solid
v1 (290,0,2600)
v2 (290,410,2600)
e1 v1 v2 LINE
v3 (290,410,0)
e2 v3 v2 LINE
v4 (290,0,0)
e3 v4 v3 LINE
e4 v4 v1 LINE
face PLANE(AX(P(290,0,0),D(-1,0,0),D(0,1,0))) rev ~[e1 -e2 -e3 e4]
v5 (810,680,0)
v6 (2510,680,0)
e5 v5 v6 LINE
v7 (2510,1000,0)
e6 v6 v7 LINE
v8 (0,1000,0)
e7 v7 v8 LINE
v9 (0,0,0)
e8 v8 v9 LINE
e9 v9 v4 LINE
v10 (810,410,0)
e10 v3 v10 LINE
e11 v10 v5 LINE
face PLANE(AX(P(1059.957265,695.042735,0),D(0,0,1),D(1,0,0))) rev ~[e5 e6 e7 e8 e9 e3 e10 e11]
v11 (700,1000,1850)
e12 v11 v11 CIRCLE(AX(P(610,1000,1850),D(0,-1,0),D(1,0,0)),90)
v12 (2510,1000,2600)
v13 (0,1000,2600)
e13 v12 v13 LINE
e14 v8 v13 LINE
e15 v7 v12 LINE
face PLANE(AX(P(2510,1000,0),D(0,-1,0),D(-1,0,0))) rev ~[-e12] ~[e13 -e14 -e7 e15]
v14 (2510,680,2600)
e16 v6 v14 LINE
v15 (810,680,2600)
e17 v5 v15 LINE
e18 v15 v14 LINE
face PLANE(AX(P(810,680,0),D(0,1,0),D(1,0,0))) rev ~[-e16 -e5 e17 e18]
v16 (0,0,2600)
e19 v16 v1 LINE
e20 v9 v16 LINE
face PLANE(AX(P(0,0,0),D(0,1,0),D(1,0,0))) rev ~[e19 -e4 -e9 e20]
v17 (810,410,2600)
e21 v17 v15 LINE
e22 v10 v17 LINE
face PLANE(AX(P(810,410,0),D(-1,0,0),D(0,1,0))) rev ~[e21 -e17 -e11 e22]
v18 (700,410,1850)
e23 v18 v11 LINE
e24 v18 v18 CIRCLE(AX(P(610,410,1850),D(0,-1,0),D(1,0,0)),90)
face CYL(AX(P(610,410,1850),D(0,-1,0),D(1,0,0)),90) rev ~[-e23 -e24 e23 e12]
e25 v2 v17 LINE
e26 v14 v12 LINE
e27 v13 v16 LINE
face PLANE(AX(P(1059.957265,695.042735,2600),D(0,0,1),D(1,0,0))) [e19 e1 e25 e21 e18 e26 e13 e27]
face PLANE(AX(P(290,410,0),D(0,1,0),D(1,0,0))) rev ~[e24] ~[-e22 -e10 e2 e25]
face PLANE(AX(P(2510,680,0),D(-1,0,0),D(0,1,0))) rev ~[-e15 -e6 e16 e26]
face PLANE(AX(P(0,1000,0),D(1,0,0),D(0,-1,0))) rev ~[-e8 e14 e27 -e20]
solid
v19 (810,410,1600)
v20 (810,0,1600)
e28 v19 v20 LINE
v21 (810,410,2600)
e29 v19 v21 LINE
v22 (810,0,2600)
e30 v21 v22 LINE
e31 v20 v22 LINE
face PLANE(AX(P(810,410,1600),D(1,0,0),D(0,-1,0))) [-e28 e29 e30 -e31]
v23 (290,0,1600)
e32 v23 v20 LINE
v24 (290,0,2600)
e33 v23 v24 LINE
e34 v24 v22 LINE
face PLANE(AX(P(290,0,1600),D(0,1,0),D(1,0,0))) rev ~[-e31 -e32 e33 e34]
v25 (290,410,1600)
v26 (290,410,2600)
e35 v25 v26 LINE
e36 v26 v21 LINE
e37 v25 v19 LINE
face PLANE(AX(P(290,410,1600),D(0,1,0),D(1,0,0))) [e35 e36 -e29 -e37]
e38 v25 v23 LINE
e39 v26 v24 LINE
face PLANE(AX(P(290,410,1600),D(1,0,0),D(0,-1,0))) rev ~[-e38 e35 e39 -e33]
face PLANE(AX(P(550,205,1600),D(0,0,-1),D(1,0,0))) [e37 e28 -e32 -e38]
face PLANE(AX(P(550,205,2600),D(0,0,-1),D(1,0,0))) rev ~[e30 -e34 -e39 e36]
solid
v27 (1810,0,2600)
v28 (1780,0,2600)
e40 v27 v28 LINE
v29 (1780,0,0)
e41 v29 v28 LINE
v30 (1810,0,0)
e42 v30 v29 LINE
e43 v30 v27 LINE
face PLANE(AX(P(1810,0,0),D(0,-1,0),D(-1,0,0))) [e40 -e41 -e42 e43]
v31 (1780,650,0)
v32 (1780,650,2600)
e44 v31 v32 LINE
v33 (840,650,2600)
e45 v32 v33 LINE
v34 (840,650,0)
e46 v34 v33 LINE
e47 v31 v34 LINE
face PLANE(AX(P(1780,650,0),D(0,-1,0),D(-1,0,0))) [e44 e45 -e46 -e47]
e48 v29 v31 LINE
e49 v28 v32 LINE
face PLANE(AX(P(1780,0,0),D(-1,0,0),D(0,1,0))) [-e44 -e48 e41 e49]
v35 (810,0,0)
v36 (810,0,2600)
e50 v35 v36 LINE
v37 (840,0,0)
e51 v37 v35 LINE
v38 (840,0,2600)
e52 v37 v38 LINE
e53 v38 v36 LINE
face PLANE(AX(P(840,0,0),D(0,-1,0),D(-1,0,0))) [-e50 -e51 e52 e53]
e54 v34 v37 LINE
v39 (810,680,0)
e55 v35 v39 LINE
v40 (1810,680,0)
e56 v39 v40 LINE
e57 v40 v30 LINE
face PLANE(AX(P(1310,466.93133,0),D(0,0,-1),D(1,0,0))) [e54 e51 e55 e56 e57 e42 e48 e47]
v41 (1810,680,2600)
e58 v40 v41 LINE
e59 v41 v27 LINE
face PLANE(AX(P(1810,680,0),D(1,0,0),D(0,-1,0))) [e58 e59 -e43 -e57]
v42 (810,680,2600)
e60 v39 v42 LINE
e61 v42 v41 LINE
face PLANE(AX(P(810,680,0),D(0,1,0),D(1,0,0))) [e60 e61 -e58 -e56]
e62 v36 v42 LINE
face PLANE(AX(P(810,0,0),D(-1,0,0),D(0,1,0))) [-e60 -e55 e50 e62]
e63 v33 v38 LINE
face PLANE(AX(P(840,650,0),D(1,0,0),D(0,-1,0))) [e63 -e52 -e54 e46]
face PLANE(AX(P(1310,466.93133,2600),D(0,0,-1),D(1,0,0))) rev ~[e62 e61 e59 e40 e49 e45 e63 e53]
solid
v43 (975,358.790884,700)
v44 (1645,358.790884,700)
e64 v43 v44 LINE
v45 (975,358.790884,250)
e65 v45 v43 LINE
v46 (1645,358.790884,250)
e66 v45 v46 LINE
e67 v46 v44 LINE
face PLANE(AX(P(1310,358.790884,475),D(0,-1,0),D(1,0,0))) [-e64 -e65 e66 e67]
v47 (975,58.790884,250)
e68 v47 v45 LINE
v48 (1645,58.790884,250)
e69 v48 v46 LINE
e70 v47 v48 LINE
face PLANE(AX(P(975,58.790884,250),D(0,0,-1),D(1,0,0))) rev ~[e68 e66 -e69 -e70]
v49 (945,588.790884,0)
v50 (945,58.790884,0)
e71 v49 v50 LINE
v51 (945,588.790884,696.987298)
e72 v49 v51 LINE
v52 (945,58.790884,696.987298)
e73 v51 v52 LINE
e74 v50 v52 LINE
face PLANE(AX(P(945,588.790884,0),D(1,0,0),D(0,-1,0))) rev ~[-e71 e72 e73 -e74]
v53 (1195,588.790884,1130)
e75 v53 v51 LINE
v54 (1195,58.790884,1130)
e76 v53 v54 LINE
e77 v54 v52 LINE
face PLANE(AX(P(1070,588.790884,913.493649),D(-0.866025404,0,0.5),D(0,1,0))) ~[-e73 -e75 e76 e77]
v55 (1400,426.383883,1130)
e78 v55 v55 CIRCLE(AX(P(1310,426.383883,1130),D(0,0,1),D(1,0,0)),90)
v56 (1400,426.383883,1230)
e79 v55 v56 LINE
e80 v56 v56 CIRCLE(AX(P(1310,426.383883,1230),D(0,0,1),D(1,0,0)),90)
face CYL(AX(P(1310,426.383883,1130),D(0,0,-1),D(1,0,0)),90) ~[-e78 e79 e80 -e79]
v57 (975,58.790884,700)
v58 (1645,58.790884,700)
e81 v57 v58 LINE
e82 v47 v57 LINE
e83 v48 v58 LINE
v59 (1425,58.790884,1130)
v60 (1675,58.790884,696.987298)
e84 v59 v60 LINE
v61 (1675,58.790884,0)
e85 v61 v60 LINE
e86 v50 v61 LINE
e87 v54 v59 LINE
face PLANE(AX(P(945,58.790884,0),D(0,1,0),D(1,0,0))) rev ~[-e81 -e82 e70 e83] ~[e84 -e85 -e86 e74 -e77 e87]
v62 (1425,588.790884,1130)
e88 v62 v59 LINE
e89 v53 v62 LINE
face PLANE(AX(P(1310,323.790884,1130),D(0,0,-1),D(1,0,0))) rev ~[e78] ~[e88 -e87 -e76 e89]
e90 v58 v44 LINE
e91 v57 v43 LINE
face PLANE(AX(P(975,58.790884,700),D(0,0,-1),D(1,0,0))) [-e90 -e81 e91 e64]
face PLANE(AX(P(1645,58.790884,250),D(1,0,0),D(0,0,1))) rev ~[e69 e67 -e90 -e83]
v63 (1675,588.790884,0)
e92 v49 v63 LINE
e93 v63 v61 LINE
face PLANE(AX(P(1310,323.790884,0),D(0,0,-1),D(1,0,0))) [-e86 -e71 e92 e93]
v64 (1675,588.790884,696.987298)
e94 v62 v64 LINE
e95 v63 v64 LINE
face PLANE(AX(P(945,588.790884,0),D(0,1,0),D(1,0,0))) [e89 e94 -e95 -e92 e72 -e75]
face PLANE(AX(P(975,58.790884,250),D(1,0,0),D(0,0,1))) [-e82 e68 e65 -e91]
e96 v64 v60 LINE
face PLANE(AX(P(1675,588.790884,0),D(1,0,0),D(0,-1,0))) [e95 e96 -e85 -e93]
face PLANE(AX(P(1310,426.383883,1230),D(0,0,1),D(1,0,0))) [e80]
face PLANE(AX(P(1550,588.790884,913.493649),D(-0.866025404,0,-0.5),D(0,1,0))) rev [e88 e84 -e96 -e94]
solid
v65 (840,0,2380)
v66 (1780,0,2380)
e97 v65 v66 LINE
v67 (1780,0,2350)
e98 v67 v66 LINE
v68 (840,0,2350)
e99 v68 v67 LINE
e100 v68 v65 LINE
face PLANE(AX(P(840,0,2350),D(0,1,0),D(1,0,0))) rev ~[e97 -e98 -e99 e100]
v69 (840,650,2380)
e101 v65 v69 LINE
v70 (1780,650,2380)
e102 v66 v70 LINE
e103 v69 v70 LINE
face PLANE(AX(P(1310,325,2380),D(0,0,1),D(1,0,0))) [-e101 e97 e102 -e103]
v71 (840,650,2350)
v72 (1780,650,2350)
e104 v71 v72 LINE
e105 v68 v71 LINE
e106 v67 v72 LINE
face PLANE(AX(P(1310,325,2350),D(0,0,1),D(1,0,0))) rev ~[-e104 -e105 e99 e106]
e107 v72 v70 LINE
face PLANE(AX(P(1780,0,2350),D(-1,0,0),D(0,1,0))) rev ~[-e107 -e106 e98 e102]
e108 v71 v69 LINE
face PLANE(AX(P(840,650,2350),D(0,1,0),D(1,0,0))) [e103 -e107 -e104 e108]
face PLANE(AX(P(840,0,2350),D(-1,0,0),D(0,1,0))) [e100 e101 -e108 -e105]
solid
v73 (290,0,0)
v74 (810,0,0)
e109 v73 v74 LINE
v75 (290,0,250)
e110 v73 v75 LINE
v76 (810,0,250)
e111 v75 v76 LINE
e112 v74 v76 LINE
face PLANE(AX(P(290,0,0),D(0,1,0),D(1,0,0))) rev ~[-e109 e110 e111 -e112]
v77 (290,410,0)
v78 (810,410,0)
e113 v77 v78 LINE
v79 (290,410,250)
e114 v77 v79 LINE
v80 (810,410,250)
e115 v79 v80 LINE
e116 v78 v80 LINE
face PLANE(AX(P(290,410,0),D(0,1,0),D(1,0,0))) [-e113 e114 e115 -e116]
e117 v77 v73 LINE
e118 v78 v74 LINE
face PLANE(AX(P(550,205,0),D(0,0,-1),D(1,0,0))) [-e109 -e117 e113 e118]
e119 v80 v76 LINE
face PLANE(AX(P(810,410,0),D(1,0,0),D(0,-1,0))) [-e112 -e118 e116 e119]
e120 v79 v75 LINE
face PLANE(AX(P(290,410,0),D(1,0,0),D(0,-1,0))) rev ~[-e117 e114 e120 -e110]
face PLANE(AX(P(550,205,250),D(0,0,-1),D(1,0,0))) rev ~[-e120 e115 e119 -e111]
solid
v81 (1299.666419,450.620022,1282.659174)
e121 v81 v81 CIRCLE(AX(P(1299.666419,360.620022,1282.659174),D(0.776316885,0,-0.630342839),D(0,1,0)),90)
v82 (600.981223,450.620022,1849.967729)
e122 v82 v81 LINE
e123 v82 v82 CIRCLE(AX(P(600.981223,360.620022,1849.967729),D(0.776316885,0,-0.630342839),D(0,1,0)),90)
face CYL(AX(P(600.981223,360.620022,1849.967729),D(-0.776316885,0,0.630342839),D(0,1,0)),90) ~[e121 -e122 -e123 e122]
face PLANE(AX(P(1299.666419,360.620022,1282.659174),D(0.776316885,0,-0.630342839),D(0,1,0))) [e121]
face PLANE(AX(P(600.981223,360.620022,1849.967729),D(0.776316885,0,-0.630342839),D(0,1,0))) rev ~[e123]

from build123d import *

# Parameters (mm, degrees)
F1_DEPTH  = 2600
F2_R      = 90
F3_DEPTH  = 590.001
F5_W      = 730
F5_H      = 530
F6_DEPTH  = 1130
F7_W      = 670
F7_H      = 450
F8_DEPTH  = 300
F9_SIZE2  = 433.0127018922
F9_SIZE   = 250
F10_R     = 90
F11_DEPTH = 100
F15_R     = 90
F16_DEPTH = 900
F17_W     = 520
F17_H     = 410
F18_DEPTH = 250
F19_START = -1600
F19_DEPTH = 1000
F20_DEPTH = 2600
F22_W     = 940
F22_H     = 650
F23_DEPTH = 30


with BuildPart() as f1:
    # F0 (on Top) → F1 (new body)
    with BuildSketch(Plane.XY):
        Polygon((0, 1000), (0, 0), (290, 0), (290, 410), (810, 410), (810, 680), (2510, 680), (2510, 1000), align=None)
    extrude(amount=F1_DEPTH)

    # F2 (on face) → F3 (cut, through all)
    with BuildSketch(Plane.XZ.offset(-410)):
        with Locations((610, 1850)):
            Circle(F2_R)
    extrude(amount=-F3_DEPTH, mode=Mode.SUBTRACT)


with BuildPart() as f6:
    # F5 (on face) → F6 (new body)
    with BuildSketch(Plane(origin=(0, 0, 0), x_dir=(1, 0, 0), z_dir=(0, 0, -1))):
        with Locations((1310, -323.7908844676)):
            Rectangle(F5_W, F5_H)
    extrude(amount=-F6_DEPTH)

    # F7 (on face) → F8 (cut)
    with BuildSketch(Plane.XZ.offset(-58.7908844676)):
        with Locations((1310, 475)):
            Rectangle(F7_W, F7_H)
    extrude(amount=-F8_DEPTH, mode=Mode.SUBTRACT)

    # F9
    f9_edges = [f6.edges().sort_by_distance(p)[0] for p in [
        (945, 323.790884, 1130),
        (1675, 323.790884, 1130),
    ]]
    f9_side = f6.faces().sort_by_distance((1310, 323.790884, 1130))[0]
    chamfer(f9_edges, length=F9_SIZE, length2=F9_SIZE2, reference=f9_side)

    # F10 (on face) → F11 (join)
    with BuildSketch(Plane.XY.offset(1130)):
        with Locations((1310, 426.383882761)):
            Circle(F10_R)
    extrude(amount=F11_DEPTH)


with BuildPart() as f16:
    # F15 (on line) → F16 (new body)
    with BuildSketch(Plane(origin=(-543.0818226135, 0, 440.9639212682), x_dir=(0, 1, 0), z_dir=(0.7763168849, 0, -0.6303428387))):
        with Locations((360.6200218201, 1814.9853944778)):
            Circle(F15_R)
    extrude(amount=F16_DEPTH)


with BuildPart() as f18:
    # F17 (on face) → F18 (new body)
    with BuildSketch(Plane(origin=(0, 0, 0), x_dir=(1, 0, 0), z_dir=(0, 0, -1))):
        with Locations((550, -205)):
            Rectangle(F17_W, F17_H)
    extrude(amount=-F18_DEPTH)


with BuildPart() as f19:
    # F17 (on face) → F19 (new body)
    with BuildSketch(Plane(origin=(0, 0, 0), x_dir=(1, 0, 0), z_dir=(0, 0, -1)).offset(F19_START)):
        with Locations((550, -205)):
            Rectangle(F17_W, F17_H)
    extrude(amount=-F19_DEPTH)


with BuildPart() as f20:
    # F4 (on face) → F20 (new body, through all)
    with BuildSketch(Plane(origin=(0, 0, 0), x_dir=(1, 0, 0), z_dir=(0, 0, -1))):
        Polygon((810, 0), (810, -680), (1810, -680), (1810, 0), (1780, 0), (1780, -650), (840, -650), (840, 0), align=None)
    extrude(amount=-F20_DEPTH)


with BuildPart() as f23:
    # F22 (on offset) → F23 (new body)
    with BuildSketch(Plane.XY.offset(2350)):
        with Locations((1310, 325)):
            Rectangle(F22_W, F22_H)
    extrude(amount=F23_DEPTH)


solid = Compound([f1.part, f6.part, f16.part, f18.part, f19.part, f20.part, f23.part])
